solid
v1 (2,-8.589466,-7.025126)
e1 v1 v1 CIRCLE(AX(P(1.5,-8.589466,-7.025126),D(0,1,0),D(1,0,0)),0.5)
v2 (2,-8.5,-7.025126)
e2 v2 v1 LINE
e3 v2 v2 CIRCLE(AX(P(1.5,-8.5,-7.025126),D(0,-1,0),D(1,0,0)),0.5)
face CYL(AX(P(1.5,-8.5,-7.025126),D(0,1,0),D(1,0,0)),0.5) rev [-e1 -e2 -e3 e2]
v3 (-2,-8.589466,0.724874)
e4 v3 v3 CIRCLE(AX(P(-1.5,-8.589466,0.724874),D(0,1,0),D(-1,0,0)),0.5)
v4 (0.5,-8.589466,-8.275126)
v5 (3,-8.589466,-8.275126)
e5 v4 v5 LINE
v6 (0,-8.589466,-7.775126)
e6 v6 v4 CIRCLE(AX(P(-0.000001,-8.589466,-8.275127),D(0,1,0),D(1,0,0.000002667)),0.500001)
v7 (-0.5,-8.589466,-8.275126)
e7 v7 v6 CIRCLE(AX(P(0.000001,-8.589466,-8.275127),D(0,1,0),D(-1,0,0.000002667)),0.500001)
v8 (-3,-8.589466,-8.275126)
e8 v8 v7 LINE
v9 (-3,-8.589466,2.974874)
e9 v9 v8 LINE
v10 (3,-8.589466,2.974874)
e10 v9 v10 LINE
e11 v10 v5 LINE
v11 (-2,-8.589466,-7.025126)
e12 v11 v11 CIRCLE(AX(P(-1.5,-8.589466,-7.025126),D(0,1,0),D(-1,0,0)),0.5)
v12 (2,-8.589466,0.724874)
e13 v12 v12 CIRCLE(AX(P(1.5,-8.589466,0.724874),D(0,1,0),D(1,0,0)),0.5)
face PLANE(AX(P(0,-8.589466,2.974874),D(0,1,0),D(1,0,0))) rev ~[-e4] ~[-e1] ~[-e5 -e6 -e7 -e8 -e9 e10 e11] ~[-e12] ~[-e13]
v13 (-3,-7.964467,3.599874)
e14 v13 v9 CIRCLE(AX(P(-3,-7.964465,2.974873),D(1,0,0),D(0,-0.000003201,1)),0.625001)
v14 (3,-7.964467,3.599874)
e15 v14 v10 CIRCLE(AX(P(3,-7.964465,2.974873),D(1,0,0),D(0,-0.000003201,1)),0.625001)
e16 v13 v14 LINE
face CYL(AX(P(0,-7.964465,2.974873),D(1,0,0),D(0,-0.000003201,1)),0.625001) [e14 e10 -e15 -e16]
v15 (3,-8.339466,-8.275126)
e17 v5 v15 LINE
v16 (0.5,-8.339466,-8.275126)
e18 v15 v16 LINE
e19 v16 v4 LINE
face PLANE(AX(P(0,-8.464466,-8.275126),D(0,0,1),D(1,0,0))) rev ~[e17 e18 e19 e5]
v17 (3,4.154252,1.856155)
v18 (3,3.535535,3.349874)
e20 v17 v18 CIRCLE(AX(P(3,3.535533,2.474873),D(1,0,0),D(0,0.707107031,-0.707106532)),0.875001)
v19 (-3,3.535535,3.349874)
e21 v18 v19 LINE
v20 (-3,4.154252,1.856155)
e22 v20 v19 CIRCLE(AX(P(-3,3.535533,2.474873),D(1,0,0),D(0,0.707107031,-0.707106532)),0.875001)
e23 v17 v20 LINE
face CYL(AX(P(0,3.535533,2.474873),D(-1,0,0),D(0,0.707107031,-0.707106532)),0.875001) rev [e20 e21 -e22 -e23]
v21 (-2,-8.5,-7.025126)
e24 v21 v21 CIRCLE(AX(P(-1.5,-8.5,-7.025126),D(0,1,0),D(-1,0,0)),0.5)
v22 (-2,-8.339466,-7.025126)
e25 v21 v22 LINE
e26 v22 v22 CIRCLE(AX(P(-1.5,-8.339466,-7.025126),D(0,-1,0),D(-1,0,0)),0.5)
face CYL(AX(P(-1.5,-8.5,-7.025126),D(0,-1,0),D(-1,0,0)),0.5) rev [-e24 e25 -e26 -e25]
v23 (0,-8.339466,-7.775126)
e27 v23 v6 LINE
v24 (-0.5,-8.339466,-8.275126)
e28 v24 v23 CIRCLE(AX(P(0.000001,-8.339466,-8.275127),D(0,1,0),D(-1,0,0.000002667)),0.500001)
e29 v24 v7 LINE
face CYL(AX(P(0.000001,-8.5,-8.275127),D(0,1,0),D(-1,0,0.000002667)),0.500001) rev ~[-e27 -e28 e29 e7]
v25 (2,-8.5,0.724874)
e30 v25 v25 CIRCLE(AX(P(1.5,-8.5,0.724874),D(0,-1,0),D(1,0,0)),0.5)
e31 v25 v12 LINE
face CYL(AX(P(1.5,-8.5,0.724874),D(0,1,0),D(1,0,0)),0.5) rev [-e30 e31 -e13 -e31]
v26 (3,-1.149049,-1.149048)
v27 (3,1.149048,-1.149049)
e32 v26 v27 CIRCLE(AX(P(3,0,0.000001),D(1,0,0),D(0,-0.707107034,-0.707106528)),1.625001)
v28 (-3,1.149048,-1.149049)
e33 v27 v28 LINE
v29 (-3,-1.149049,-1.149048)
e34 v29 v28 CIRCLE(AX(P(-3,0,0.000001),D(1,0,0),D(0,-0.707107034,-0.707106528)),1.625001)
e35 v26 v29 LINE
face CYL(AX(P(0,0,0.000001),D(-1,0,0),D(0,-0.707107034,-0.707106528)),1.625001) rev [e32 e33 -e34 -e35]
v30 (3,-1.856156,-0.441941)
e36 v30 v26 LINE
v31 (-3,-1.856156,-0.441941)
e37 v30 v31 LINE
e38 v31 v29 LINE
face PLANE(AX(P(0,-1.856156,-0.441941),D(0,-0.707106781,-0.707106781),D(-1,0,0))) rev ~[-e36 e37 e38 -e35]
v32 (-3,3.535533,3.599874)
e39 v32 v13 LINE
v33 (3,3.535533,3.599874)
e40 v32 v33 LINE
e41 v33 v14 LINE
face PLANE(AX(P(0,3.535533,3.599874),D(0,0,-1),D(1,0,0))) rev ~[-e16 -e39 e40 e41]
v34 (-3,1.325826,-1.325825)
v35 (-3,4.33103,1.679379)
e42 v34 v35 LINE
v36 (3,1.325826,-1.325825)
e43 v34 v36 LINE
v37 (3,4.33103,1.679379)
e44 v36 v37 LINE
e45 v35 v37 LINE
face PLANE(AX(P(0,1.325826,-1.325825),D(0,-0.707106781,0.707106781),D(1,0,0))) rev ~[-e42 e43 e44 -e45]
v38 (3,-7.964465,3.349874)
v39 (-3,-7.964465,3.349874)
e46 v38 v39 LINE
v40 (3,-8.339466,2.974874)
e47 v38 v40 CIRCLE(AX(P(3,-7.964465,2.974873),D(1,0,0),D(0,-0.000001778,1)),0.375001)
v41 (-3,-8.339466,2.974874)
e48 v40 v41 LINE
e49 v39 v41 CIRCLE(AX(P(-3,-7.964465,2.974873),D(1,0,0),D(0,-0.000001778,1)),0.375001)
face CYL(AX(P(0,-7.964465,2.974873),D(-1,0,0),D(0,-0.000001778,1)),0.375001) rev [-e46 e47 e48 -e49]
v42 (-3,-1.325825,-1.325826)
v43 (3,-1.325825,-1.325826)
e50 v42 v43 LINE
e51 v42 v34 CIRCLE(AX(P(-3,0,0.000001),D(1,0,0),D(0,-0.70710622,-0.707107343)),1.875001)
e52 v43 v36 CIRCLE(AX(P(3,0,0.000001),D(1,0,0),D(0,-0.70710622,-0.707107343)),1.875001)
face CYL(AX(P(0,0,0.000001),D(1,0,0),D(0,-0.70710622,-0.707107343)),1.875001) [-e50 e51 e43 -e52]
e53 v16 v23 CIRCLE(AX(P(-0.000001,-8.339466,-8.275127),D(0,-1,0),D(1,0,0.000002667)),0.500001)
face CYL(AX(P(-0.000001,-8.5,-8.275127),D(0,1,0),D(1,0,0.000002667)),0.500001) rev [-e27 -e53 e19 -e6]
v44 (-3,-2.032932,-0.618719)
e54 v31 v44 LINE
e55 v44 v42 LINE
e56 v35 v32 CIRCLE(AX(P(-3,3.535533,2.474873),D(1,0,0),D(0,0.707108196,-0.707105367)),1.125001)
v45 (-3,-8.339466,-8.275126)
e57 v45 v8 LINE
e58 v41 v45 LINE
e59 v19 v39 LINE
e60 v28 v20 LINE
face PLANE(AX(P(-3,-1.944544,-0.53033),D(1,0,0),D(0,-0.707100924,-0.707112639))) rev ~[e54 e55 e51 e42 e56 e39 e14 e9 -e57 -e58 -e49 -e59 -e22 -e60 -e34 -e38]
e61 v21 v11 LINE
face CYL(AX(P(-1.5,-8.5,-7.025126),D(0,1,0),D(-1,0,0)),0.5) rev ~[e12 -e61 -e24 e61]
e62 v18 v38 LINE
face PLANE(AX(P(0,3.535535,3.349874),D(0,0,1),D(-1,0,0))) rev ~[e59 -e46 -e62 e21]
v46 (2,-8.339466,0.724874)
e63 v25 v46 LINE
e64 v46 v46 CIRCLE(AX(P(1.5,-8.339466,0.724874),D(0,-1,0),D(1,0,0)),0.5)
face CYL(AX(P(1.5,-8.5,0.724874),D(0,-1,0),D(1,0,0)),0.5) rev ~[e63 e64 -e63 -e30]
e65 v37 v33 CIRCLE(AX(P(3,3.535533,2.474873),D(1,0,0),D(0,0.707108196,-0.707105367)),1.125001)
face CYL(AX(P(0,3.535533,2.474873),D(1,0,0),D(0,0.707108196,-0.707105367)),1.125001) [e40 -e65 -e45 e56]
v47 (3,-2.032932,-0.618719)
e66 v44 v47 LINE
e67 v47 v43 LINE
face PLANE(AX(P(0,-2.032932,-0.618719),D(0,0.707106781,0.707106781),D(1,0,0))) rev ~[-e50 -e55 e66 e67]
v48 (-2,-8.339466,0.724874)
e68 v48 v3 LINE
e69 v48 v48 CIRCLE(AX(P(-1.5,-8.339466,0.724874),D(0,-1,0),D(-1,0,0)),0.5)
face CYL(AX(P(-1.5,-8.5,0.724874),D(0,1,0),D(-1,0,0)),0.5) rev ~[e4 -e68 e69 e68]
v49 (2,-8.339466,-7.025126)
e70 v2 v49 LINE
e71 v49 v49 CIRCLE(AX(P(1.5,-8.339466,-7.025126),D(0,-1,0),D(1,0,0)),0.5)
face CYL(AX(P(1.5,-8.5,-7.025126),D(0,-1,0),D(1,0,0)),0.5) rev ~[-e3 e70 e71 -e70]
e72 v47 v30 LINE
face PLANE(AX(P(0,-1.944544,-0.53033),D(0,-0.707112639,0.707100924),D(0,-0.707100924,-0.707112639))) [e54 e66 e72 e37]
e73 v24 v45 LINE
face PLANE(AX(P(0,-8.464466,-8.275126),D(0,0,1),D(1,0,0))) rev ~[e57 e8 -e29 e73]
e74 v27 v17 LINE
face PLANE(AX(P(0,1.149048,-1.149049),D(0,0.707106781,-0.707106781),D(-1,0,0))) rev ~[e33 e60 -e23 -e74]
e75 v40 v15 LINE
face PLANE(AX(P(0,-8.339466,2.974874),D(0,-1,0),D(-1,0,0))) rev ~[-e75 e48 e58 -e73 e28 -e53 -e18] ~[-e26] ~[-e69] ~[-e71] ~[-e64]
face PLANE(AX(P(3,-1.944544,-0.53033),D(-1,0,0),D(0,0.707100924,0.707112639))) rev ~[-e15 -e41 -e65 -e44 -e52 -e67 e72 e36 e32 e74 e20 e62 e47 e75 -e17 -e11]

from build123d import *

# Parameters (mm, degrees)
SKETCH002_W       = 6
SKETCH002_H       = 0.25
SKETCH003_R       = 0.5
POCKET_DEPTH      = 5
POCKET_DEPTH_BACK = 5


with BuildPart() as part:
    # AdditivePipe: sweep along a path in Sketch
    with BuildLine(Plane.YZ) as additivepipe_path:
        Line((-1.944544, -0.53033), (-1.237437, -1.237437))
        ThreePointArc((-1.237437, -1.237437), (0, -1.75), (1.237437, -1.237437))
        Line((1.237437, -1.237437), (4.242641, 1.767767))
        ThreePointArc((4.242641, 1.767767), (4.459413, 2.857557), (3.535534, 3.474874))
        Line((3.535534, 3.474874), (-7.964466, 3.474874))
        ThreePointArc((-7.964466, 3.474874), (-8.318019, 3.328427), (-8.464466, 2.974874))
        Line((-8.464466, 2.974874), (-8.464466, -8.275126))
    # Sketch002 (on DatumPlane) → AdditivePipe (sweep)
    with BuildSketch(Plane.XY.offset(-8)):
        with Locations((0, -8.464466)):
            Rectangle(SKETCH002_W, SKETCH002_H)
    sweep(path=additivepipe_path.line)

    # Sketch003 (on DatumPlane) → Pocket (cut, two sides)
    with BuildSketch(Plane.XZ.offset(8.5)) as pocket_sk:
        with Locations((1.5, -7.025126)):
            Circle(SKETCH003_R)
        with Locations((1.5, 0.724874)):
            Circle(SKETCH003_R)
        with BuildLine():
            Line((0, -8.275126), (0, -7.775126))
            ThreePointArc((0.5, -8.275126), (0.353553, -7.921573), (0, -7.775126))
            Line((0, -8.275126), (0.5, -8.275126))
        make_face()
    pocket = extrude(amount=POCKET_DEPTH, mode=Mode.SUBTRACT) + extrude(pocket_sk.sketch, amount=-POCKET_DEPTH_BACK, mode=Mode.SUBTRACT)

    # Mirrored: Pocket across Sketch003 V_Axis
    add(pocket.mirror(Plane(origin=(0, -8.5, 0), x_dir=(0, -1, 0), z_dir=(1, 0, 0))), mode=Mode.SUBTRACT)


solid = part.part
